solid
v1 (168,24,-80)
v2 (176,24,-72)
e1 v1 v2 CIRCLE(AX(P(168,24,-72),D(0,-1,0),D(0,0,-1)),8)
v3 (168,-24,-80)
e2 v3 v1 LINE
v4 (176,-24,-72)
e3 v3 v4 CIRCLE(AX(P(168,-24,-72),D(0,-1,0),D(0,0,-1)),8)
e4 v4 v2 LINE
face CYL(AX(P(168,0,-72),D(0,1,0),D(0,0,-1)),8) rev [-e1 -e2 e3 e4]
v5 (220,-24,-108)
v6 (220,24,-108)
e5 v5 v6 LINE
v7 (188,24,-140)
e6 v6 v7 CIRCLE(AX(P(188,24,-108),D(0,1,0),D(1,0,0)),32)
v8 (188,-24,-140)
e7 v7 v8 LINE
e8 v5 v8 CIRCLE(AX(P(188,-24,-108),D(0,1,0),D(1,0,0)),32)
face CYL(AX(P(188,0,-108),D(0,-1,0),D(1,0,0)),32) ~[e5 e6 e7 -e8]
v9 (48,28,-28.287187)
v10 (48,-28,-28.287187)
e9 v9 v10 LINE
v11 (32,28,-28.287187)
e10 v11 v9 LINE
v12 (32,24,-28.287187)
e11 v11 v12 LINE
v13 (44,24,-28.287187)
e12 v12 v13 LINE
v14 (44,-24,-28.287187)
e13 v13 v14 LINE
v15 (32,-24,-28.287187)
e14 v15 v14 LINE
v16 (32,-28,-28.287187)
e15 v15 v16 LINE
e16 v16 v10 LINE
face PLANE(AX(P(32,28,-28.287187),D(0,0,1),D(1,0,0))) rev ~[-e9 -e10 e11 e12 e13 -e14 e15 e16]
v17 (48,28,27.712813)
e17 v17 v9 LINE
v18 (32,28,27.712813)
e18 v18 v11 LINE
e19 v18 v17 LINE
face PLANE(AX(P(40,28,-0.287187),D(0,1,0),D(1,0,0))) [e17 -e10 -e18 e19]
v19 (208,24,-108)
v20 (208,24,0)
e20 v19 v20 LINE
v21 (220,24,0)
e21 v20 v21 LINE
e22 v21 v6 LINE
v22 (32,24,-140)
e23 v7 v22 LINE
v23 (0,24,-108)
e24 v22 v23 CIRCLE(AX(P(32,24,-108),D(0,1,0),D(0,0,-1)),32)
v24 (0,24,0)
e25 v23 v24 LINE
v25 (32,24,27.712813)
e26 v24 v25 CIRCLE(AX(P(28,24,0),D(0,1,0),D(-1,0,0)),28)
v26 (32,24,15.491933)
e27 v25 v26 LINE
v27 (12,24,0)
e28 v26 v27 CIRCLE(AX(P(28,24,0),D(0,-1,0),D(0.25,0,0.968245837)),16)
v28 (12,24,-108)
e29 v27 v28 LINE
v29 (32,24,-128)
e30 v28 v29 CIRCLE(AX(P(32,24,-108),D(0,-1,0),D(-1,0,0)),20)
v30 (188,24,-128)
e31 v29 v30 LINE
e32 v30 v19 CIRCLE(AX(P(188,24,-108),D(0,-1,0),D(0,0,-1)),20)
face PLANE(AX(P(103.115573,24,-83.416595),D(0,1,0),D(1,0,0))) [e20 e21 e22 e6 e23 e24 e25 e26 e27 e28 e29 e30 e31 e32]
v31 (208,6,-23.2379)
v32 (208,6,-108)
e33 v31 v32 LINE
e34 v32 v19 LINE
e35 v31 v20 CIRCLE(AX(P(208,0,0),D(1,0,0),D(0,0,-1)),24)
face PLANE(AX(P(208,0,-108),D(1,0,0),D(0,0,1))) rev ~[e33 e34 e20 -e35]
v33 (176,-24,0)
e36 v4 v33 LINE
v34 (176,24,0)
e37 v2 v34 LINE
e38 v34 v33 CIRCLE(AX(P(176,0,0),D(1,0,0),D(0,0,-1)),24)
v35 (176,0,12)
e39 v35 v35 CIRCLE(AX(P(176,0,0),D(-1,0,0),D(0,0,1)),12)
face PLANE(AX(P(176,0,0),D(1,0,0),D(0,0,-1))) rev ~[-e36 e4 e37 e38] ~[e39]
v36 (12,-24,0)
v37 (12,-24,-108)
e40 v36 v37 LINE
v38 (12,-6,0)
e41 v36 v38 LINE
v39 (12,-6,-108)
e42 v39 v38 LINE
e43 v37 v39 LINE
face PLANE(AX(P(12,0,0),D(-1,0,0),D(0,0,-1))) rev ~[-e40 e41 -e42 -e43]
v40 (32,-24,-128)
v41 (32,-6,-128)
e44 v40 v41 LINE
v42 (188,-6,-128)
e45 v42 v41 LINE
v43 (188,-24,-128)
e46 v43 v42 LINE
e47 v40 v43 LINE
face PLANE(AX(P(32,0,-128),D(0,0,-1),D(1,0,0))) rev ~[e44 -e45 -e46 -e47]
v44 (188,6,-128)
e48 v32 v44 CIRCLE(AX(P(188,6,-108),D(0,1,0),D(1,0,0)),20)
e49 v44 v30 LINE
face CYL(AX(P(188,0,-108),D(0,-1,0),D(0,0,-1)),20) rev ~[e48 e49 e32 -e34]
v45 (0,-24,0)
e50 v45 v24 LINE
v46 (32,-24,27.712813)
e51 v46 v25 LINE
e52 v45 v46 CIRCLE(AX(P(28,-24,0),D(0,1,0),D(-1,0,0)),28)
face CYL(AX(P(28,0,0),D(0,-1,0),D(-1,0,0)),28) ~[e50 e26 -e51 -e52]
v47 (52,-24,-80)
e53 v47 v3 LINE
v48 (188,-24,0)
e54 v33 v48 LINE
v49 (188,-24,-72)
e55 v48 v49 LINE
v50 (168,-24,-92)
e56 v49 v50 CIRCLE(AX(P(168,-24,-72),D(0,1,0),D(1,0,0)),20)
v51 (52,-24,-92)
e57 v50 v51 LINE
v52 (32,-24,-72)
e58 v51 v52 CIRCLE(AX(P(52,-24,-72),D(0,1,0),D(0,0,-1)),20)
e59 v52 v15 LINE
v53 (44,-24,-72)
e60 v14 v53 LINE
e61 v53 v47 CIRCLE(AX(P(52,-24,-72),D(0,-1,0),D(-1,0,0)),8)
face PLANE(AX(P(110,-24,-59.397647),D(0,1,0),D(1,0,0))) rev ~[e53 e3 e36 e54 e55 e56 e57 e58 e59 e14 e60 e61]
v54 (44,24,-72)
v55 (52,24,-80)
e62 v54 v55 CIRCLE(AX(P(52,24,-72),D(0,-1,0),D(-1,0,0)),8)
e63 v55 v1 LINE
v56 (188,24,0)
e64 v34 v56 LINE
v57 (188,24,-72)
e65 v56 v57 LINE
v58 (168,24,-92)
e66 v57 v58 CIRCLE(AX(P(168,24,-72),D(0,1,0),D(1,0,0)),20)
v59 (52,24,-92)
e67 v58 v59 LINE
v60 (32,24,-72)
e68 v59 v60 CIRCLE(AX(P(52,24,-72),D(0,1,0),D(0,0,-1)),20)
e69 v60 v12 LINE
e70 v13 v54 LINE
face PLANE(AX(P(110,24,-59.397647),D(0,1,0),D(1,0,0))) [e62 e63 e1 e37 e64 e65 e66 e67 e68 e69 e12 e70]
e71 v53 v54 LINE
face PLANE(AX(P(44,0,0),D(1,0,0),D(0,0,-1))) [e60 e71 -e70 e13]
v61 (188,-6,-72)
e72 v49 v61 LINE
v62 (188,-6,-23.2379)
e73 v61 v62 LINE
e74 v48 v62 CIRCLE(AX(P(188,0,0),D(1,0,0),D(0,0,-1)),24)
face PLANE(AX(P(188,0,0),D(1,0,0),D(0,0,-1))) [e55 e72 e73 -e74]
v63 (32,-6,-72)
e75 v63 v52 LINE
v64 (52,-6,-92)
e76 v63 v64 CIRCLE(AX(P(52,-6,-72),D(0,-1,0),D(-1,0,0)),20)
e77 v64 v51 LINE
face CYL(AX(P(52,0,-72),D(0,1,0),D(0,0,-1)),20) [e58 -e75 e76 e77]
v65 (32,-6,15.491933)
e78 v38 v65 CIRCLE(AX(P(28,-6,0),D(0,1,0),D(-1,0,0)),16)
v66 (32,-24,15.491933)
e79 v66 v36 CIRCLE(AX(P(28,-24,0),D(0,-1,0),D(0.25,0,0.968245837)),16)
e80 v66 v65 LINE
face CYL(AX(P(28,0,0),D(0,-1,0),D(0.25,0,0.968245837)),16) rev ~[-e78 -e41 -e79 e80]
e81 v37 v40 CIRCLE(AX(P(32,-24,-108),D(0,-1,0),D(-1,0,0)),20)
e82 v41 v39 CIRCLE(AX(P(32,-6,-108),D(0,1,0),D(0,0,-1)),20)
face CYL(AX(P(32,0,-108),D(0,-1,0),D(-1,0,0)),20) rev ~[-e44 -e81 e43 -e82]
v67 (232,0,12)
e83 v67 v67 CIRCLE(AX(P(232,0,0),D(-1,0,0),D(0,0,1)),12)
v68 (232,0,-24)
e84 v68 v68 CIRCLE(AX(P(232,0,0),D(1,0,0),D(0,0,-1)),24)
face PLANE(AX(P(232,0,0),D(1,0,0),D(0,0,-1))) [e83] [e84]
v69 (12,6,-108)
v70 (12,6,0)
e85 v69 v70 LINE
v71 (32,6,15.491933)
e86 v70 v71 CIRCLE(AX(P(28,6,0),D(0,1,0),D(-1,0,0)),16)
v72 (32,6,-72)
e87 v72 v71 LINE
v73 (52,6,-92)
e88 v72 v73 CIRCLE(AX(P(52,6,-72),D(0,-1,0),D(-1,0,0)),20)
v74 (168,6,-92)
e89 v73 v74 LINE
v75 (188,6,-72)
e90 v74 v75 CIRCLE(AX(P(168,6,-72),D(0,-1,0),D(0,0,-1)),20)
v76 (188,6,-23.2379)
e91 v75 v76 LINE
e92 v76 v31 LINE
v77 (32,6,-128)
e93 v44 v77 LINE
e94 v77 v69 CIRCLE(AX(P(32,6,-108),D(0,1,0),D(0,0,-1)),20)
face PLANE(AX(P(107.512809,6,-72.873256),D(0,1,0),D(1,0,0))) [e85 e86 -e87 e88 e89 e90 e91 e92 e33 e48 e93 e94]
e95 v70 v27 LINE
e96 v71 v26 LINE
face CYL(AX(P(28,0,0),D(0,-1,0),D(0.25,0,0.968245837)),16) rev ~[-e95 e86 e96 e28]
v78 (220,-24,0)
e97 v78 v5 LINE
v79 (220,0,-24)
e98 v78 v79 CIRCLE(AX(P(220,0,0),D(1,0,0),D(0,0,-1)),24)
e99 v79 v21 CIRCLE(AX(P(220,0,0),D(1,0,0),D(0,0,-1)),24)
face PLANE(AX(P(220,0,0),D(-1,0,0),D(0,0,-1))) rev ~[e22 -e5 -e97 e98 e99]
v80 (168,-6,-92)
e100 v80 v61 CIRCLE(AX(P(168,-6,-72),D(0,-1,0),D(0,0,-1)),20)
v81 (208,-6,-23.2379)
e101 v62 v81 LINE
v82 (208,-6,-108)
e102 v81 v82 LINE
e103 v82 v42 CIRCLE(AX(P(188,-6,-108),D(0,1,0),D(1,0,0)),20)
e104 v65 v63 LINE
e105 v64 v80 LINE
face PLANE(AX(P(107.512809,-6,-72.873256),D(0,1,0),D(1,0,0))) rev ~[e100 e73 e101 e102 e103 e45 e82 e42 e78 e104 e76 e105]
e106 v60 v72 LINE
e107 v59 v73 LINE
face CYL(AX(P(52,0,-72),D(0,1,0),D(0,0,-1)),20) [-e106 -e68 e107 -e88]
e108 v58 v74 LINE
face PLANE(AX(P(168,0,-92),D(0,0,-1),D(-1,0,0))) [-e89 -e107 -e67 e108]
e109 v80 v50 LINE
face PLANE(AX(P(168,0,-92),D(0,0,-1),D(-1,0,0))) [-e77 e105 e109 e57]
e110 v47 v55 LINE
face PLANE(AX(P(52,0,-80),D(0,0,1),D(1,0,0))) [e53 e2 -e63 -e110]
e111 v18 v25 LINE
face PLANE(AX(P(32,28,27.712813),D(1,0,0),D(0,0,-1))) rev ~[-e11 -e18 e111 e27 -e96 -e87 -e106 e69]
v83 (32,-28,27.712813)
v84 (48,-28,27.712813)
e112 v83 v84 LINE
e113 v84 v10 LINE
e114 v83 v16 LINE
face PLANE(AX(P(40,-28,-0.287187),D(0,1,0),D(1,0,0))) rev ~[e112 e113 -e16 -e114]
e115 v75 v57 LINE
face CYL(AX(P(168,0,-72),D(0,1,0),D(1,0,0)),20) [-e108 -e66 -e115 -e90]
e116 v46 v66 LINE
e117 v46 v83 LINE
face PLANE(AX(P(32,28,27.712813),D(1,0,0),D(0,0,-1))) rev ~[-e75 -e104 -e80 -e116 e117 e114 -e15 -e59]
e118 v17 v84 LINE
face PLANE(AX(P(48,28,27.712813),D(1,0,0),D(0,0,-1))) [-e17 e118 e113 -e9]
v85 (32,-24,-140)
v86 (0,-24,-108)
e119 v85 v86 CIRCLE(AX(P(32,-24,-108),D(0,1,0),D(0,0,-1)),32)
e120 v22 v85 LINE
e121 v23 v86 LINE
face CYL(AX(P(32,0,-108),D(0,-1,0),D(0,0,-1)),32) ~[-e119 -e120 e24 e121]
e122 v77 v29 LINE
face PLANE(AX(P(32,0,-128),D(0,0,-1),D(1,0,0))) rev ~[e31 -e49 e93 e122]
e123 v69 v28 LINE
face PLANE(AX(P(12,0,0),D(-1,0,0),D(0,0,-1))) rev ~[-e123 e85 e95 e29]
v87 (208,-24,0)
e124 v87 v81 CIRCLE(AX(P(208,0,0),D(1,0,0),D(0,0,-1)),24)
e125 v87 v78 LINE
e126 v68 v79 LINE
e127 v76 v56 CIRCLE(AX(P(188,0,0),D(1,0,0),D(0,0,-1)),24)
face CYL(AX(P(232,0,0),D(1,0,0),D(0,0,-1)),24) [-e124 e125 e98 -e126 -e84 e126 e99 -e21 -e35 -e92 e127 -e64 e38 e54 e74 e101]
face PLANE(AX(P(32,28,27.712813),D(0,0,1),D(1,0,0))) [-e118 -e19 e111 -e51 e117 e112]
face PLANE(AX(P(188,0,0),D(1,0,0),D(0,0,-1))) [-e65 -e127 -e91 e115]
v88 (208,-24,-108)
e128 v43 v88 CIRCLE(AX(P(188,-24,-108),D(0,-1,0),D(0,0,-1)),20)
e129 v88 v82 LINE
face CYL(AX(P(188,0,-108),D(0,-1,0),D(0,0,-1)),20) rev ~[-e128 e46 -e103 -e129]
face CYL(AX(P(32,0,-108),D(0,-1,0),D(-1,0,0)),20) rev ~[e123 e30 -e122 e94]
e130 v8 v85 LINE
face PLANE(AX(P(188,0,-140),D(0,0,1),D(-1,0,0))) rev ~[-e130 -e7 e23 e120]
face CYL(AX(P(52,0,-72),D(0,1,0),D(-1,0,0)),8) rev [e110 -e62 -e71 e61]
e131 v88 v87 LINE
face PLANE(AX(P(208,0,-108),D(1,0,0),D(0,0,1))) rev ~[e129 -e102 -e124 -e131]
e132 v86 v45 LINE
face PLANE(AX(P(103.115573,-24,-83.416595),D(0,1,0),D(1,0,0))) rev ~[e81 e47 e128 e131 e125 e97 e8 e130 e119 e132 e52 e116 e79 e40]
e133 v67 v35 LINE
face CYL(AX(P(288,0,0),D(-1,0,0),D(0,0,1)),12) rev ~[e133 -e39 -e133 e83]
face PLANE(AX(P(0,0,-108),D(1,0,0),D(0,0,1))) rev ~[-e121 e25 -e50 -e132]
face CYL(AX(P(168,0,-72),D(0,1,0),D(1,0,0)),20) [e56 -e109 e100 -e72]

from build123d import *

# Parameters (mm, degrees)
BOSS_EXTRUDE2_DEPTH       = 6
BOSS_EXTRUDE3_DEPTH       = 24
BOSS_EXTRUDE5_START       = 12
SKETCH7_R                 = 24
BOSS_EXTRUDE5_DEPTH       = 56
BOSS_EXTRUDE6_START       = 4
SKETCH4_W                 = 16
SKETCH4_H                 = 56
BOSS_EXTRUDE6_DEPTH       = 56
M24_CLEARANCE_SLOT4_D     = 24
M24_CLEARANCE_SLOT4_DEPTH = 56


with BuildPart() as part:
    # Sketch1 → Boss-Extrude2 (new, symmetric)
    with BuildSketch(Plane(origin=(0, 0, 0), x_dir=(1, 0, 0), z_dir=(0, 1, 0))):
        with BuildLine():
            ThreePointArc((12, 0), (18.202041029, -12.649110641), (32, -15.491933385))
            Line((32, -15.491933385), (32, 0))
            Line((32, 0), (32, 72))
            ThreePointArc((32, 72), (37.857864376, 86.142135624), (52, 92))
            Line((52, 92), (168, 92))
            ThreePointArc((168, 92), (182.142135624, 86.142135624), (188, 72))
            Line((188, 72), (188, 0))
            Line((188, 0), (208, 0))
            Line((208, 0), (208, 108))
            ThreePointArc((208, 108), (202.142135624, 122.142135624), (188, 128))
            Line((188, 128), (32, 128))
            ThreePointArc((32, 128), (17.857864376, 122.142135624), (12, 108))
            Line((12, 108), (12, 0))
        make_face()
    extrude(amount=BOSS_EXTRUDE2_DEPTH, both=True)

    # Sketch1<4> → Boss-Extrude3 (add, symmetric)
    with BuildSketch(Plane(origin=(0, 0, 0), x_dir=(1, 0, 0), z_dir=(0, 1, 0))):
        with BuildLine():
            Line((0, 108), (0, 0))
            ThreePointArc((0, 0), (9.66969722, -21.166010489), (32, -27.712812921))
            Line((32, -27.712812921), (32, -15.491933385))
            ThreePointArc((32, -15.491933385), (18.202041029, -12.649110641), (12, 0))
            Line((12, 0), (12, 108))
            ThreePointArc((12, 108), (17.857864376, 122.142135624), (32, 128))
            Line((32, 128), (188, 128))
            ThreePointArc((188, 128), (202.142135624, 122.142135624), (208, 108))
            Line((208, 108), (208, 0))
            Line((208, 0), (220, 0))
            Line((220, 0), (220, 108))
            ThreePointArc((220, 108), (210.627416998, 130.627416998), (188, 140))
            Line((188, 140), (32, 140))
            ThreePointArc((32, 140), (9.372583002, 130.627416998), (0, 108))
        make_face()
        with BuildLine():
            Line((32, 72), (32, 0))
            Line((32, 0), (44, 0))
            Line((44, 0), (44, 72))
            ThreePointArc((44, 72), (46.343145751, 77.656854249), (52, 80))
            Line((52, 80), (168, 80))
            ThreePointArc((168, 80), (173.656854249, 77.656854249), (176, 72))
            Line((176, 72), (176, 0))
            Line((176, 0), (188, 0))
            Line((188, 0), (188, 72))
            ThreePointArc((188, 72), (182.142135624, 86.142135624), (168, 92))
            Line((168, 92), (52, 92))
            ThreePointArc((52, 92), (37.857864376, 86.142135624), (32, 72))
        make_face()
    extrude(amount=BOSS_EXTRUDE3_DEPTH, both=True)

    # Sketch7 → Boss-Extrude5 (add)
    with BuildSketch(Plane(origin=(220, 0, 0), x_dir=(0, 0, -1), z_dir=(1, 0, 0)).offset(BOSS_EXTRUDE5_START)):
        Circle(SKETCH7_R)
    extrude(amount=-BOSS_EXTRUDE5_DEPTH)

    # Sketch4 → Boss-Extrude6 (add)
    with BuildSketch(Plane(origin=(0, 24, 0), x_dir=(1, 0, 0), z_dir=(0, 1, 0)).offset(BOSS_EXTRUDE6_START)):
        with Locations((40, 0.287187079)):
            Rectangle(SKETCH4_W, SKETCH4_H)
    extrude(amount=-BOSS_EXTRUDE6_DEPTH)

    # M24 Clearance Slot4
    with Locations(Plane(origin=(232, 0, 0), x_dir=(0, 0, -1), z_dir=(1, 0, 0))):
        with Locations((0, 0)):
            Hole(M24_CLEARANCE_SLOT4_D / 2, depth=M24_CLEARANCE_SLOT4_DEPTH)


solid = part.part
